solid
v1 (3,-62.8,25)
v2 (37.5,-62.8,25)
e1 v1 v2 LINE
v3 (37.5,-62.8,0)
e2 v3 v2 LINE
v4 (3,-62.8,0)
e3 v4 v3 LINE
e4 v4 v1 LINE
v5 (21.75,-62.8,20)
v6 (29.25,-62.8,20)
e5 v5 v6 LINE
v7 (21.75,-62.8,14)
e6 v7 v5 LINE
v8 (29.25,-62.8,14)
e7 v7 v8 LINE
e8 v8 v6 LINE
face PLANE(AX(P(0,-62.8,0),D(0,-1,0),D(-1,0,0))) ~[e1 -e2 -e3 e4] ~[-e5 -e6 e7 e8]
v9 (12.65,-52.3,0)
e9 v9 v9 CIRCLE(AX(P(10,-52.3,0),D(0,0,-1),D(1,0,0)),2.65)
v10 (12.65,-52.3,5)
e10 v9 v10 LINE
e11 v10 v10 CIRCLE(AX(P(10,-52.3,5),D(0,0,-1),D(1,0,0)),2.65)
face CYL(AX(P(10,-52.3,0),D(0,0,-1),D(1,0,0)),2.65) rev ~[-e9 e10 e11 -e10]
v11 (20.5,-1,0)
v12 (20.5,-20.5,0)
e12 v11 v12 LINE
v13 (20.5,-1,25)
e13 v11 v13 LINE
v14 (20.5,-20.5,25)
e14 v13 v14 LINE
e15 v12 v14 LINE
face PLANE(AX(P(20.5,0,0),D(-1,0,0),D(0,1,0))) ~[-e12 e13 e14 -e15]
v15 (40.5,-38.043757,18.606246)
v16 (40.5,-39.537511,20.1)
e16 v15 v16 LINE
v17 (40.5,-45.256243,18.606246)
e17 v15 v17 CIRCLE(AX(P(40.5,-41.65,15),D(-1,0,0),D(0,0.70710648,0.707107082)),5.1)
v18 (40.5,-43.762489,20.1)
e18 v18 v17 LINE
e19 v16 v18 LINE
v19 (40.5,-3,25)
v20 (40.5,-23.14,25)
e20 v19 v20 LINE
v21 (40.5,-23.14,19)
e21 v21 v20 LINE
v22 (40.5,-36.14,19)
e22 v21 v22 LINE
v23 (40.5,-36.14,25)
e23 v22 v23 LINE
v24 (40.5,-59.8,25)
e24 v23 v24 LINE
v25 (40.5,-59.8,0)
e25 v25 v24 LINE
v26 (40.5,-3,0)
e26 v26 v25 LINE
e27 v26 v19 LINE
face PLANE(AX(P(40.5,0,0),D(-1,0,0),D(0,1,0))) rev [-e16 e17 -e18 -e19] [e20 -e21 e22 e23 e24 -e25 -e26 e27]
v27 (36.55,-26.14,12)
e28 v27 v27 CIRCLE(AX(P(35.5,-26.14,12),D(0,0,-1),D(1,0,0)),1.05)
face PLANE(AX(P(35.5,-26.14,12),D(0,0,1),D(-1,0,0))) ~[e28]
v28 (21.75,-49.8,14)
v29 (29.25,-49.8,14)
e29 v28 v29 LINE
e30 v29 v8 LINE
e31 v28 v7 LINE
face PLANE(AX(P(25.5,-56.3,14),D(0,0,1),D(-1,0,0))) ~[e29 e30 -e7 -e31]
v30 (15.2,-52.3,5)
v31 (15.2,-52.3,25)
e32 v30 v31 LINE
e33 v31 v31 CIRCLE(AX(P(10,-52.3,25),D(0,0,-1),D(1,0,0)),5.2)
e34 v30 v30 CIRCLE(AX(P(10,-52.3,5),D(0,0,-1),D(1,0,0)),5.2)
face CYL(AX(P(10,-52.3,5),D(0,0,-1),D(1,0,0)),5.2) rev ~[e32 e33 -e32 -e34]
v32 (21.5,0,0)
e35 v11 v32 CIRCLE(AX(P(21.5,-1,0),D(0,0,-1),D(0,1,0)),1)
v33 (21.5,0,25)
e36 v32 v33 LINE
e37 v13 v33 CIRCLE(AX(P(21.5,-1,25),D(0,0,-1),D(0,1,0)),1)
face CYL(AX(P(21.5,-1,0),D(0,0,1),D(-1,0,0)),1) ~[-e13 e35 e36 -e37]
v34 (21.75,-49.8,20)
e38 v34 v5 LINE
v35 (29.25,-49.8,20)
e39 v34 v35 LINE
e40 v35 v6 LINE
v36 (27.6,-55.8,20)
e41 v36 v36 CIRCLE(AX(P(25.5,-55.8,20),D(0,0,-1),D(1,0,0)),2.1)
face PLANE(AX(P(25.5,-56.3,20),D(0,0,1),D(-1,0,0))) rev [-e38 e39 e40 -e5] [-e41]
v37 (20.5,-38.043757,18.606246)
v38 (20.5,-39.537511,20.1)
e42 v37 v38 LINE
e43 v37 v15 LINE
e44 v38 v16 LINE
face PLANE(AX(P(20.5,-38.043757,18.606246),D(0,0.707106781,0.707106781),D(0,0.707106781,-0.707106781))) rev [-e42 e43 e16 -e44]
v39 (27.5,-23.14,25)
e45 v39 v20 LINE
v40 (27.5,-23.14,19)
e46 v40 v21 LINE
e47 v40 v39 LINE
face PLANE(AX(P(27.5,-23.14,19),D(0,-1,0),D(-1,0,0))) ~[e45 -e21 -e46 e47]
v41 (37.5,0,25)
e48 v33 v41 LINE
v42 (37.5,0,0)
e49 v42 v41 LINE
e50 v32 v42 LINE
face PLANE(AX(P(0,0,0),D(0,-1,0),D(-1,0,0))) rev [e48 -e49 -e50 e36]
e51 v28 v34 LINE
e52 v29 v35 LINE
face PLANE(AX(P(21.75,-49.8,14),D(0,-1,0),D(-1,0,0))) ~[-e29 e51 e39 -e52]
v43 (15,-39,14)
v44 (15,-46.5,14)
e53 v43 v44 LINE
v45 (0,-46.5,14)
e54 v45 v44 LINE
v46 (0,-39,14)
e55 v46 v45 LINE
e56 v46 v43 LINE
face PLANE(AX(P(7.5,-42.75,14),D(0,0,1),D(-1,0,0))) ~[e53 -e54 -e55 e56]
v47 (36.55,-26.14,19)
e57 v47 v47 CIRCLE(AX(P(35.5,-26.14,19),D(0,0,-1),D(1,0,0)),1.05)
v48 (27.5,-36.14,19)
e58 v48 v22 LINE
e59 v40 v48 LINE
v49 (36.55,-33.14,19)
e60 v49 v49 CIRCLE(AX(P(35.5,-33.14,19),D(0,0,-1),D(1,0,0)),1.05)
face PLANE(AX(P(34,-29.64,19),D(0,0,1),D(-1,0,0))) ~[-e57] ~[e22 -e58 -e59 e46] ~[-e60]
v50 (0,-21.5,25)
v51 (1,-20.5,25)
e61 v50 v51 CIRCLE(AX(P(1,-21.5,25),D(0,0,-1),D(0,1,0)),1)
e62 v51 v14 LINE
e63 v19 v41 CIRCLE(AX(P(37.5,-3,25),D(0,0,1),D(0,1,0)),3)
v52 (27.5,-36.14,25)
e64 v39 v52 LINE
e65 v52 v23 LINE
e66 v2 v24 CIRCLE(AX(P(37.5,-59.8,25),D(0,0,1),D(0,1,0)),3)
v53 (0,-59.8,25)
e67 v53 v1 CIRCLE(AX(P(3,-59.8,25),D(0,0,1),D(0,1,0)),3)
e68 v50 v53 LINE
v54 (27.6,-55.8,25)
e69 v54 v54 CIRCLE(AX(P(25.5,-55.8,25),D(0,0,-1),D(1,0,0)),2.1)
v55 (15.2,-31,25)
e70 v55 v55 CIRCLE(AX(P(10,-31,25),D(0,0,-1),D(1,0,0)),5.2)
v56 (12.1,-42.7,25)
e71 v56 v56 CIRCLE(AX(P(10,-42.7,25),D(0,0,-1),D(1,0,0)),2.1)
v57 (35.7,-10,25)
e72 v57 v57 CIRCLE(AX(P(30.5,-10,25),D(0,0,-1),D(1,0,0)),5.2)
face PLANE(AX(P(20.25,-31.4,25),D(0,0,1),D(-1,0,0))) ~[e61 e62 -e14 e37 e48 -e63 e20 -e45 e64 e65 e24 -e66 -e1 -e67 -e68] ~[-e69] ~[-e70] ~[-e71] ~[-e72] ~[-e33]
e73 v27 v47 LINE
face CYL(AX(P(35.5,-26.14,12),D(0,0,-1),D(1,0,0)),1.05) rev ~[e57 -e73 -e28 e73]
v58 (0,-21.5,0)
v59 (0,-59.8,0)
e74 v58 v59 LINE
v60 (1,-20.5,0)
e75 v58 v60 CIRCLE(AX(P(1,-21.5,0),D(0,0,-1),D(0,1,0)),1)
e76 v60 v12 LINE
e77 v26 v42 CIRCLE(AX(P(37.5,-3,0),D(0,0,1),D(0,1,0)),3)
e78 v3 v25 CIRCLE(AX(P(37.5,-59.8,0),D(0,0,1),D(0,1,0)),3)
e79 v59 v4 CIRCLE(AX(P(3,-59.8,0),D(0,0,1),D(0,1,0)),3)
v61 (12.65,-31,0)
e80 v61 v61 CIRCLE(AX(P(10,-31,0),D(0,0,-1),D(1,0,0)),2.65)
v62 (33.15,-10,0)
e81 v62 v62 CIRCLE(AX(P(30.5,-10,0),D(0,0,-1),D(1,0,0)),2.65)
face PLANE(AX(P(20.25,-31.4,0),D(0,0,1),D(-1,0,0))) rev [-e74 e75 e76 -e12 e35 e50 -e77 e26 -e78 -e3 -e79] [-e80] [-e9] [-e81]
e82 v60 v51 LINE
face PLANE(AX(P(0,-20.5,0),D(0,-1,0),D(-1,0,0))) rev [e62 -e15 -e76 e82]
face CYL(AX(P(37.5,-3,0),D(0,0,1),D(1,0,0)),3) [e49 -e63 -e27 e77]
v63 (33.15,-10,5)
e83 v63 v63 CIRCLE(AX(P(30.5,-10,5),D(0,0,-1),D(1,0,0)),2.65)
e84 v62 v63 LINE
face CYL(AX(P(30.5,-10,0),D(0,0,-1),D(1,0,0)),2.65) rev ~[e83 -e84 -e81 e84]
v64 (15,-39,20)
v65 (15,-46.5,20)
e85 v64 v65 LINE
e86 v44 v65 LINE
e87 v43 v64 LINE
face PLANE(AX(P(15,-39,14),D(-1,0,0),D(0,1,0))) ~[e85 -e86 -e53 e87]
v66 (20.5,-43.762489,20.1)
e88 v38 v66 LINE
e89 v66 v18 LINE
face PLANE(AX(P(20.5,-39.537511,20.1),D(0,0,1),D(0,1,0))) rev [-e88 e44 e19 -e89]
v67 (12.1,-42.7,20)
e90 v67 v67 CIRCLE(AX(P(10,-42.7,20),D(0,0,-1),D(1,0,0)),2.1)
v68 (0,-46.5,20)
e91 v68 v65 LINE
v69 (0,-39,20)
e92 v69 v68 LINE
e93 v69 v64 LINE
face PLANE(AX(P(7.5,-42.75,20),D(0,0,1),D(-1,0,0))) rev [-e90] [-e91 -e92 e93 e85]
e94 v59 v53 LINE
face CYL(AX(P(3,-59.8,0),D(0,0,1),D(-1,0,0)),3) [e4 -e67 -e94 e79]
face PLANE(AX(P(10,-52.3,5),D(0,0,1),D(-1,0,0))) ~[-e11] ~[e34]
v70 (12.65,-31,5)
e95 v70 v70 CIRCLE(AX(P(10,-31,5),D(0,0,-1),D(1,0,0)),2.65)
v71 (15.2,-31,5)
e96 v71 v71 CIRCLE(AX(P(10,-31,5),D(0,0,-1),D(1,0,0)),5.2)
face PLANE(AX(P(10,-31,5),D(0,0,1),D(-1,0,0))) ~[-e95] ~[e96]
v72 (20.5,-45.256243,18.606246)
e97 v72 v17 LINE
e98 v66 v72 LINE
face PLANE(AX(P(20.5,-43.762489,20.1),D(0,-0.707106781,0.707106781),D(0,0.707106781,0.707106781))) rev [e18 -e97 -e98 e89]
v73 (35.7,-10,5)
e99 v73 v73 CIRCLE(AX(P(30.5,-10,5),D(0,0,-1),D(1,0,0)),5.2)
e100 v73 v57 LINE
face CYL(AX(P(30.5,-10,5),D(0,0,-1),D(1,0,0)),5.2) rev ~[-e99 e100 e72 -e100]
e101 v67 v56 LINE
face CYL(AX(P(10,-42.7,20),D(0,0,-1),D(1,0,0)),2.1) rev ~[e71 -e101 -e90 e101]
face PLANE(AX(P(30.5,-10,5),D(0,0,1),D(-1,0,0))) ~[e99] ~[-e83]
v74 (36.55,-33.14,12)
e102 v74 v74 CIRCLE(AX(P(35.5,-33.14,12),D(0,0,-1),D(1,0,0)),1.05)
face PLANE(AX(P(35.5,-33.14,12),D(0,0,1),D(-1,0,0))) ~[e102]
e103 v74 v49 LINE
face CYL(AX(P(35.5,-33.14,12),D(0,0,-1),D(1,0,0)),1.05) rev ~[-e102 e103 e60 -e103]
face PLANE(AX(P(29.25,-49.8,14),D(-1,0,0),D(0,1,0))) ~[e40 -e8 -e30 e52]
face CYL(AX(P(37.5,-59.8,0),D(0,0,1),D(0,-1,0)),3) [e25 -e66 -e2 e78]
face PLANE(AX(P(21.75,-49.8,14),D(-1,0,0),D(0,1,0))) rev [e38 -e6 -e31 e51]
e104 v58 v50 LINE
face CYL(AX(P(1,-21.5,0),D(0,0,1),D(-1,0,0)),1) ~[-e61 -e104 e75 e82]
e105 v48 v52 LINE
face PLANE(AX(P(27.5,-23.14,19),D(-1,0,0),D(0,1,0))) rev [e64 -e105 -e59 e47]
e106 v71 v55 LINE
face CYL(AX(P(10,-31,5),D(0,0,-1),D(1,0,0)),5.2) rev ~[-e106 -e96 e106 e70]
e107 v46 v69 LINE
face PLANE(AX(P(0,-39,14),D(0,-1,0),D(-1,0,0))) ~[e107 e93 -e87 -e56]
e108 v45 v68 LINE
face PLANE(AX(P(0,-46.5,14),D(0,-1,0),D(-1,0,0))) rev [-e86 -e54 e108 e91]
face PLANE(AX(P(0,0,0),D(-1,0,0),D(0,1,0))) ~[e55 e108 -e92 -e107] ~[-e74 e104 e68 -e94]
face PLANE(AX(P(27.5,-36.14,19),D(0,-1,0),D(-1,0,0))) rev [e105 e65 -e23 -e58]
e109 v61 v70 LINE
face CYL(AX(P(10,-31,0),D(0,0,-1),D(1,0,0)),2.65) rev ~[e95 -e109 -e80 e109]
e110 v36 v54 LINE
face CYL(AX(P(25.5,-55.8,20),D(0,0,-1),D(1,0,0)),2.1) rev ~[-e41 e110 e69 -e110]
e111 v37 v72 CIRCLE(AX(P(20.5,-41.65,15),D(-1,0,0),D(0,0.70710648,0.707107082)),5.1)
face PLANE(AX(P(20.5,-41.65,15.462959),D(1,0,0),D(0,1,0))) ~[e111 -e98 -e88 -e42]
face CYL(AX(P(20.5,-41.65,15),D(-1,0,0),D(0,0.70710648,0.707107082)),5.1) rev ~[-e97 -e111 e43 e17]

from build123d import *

# Parameters (mm, degrees)
EXTRUDE_DEPTH     = 20
BOX003_W          = 15
BOX003_H          = 7.5
BOX003_DEPTH      = 6
CYLINDER003_R     = 2.1
CYLINDER003_DEPTH = 5
CYLINDER002_R     = 1.05
CYLINDER002_DEPTH = 7
BOX002_W          = 13
BOX002_H          = 13
BOX002_DEPTH      = 6
CYLINDER001_R     = 2.65
CYLINDER001_DEPTH = 5
CYLINDER_R        = 5.2
CYLINDER_DEPTH    = 20
BOX001_W          = 20.5
BOX001_H          = 20.5
BOX001_DEPTH      = 25
BOX004_W          = 7.5
BOX004_H          = 13
BOX004_DEPTH      = 6
BOX_W             = 40.5
BOX_H             = 62.8
BOX_DEPTH         = 25
FILLET_1_R        = 3
FILLET_2_R        = 1


with BuildPart() as m10_repraphole_extrud:
    # Sketch → Extrude (new body)
    with BuildSketch(Plane.YZ):
        with BuildLine():
            ThreePointArc((-3.606243, 3.606246), (0, -5.1), (3.606243, 3.606246))
            Line((2.112489, 5.1), (3.606243, 3.606246))
            Line((-2.112489, 5.1), (2.112489, 5.1))
            Line((-3.606243, 3.606246), (-2.112489, 5.1))
        make_face()
    extrude(amount=EXTRUDE_DEPTH)


with BuildPart() as m10_repraphole_extrud_1:
    # Extrude placement: moved
    add(m10_repraphole_extrud.part.moved(Location((20.5, 41.65, 15))))


with BuildPart() as hueco_taladro4:
    # Box003 → Box003 (new body)
    with BuildSketch(Plane(origin=(0, 39, 14), x_dir=(1, 0, 0), z_dir=(0, 0, 1))):
        with Locations((7.5, 3.75)):
            Rectangle(BOX003_W, BOX003_H)
    extrude(amount=BOX003_DEPTH)


with BuildPart() as taladro4:
    # Cylinder003 → Cylinder003 (new body)
    with BuildSketch(Plane(origin=(10, 42.7, 20), x_dir=(1, 0, 0), z_dir=(0, 0, 1))):
        Circle(CYLINDER003_R)
    extrude(amount=CYLINDER003_DEPTH)


with BuildPart() as clone005:
    # Clone005 base: copy of taladro4
    add(taladro4.part)


with BuildPart() as clone005_1:
    # Clone005 placement: moved
    add(clone005.part.moved(Location((15.5, 13.1, 0))))


with BuildPart() as taladro_endstop:
    # Cylinder002 → Cylinder002 (new body)
    with BuildSketch(Plane(origin=(35.5, 26.14, 12), x_dir=(1, 0, 0), z_dir=(0, 0, 1))):
        Circle(CYLINDER002_R)
    extrude(amount=CYLINDER002_DEPTH)


with BuildPart() as clone004:
    # Clone004 base: copy of taladro_endstop
    add(taladro_endstop.part)


with BuildPart() as clone004_1:
    # Clone004 placement: moved
    add(clone004.part.moved(Location((0, 7, 0))))


with BuildPart() as hueco_endstop:
    # Box002 → Box002 (new body)
    with BuildSketch(Plane(origin=(27.5, 23.14, 19), x_dir=(1, 0, 0), z_dir=(0, 0, 1))):
        with Locations((6.5, 6.5)):
            Rectangle(BOX002_W, BOX002_H)
    extrude(amount=BOX002_DEPTH)


with BuildPart() as taladro5:
    # Cylinder001 → Cylinder001 (new body)
    with BuildSketch(Plane(origin=(30.5, 10, 0), x_dir=(1, 0, 0), z_dir=(0, 0, 1))):
        Circle(CYLINDER001_R)
    extrude(amount=CYLINDER001_DEPTH)


with BuildPart() as clone002:
    # Clone002 base: copy of taladro5
    add(taladro5.part)


with BuildPart() as clone002_1:
    # Clone002 placement: moved
    add(clone002.part.moved(Location((-20.5, 21, 0))))


with BuildPart() as clone003:
    # Clone003 base: copy of Clone002
    add(clone002_1.part)


with BuildPart() as clone003_1:
    # Clone003 placement: moved
    add(clone003.part.moved(Location((0, 21.3, 0))))


with BuildPart() as taladro10:
    # Cylinder → Cylinder (new body)
    with BuildSketch(Plane(origin=(30.5, 10, 5), x_dir=(1, 0, 0), z_dir=(0, 0, 1))):
        Circle(CYLINDER_R)
    extrude(amount=CYLINDER_DEPTH)


with BuildPart() as clone:
    # Clone base: copy of taladro10
    add(taladro10.part)


with BuildPart() as clone_1:
    # Clone placement: moved
    add(clone.part.moved(Location((-20.5, 21, 0))))


with BuildPart() as clone001:
    # Clone001 base: copy of Clone
    add(clone_1.part)


with BuildPart() as clone001_1:
    # Clone001 placement: moved
    add(clone001.part.moved(Location((0, 21.3, 0))))


with BuildPart() as hueco_ejez:
    # Box001 → Box001 (new body)
    with BuildSketch(Plane.XY):
        with Locations((10.25, 10.25)):
            Rectangle(BOX001_W, BOX001_H)
    extrude(amount=BOX001_DEPTH)


with BuildPart() as huecos:
    # Box004 → Box004 (new body)
    with BuildSketch(Plane(origin=(21.75, 49.8, 14), x_dir=(1, 0, 0), z_dir=(0, 0, 1))):
        with Locations((3.75, 6.5)):
            Rectangle(BOX004_W, BOX004_H)
    extrude(amount=BOX004_DEPTH)

    # Fusion: union hueco_taladro4, Clone005, taladro4, Clone004, taladro_endstop, hueco_endstop, Clone003, Clone002, taladro5, Clone001, Clone, taladro10, hueco_ejez
    add(hueco_taladro4.part)
    add(clone005_1.part)
    add(taladro4.part)
    add(clone004_1.part)
    add(taladro_endstop.part)
    add(hueco_endstop.part)
    add(clone003_1.part)
    add(clone002_1.part)
    add(taladro5.part)
    add(clone001_1.part)
    add(clone_1.part)
    add(taladro10.part)
    add(hueco_ejez.part)


with BuildPart() as yidler_right:
    # Box → Box (new body)
    with BuildSketch(Plane.XY):
        with Locations((20.25, 31.4)):
            Rectangle(BOX_W, BOX_H)
    extrude(amount=BOX_DEPTH)

    # Cut: cut huecos
    add(huecos.part, mode=Mode.SUBTRACT)

    # Cut001: cut M10_repraphole_extrud
    add(m10_repraphole_extrud_1.part, mode=Mode.SUBTRACT)

    # Fillet 1
    fillet_1_edges = [yidler_right.edges().sort_by_distance(p)[0] for p in [
        (0, 62.8, 12.5),
        (40.5, 62.8, 12.5),
        (40.5, 0, 12.5),
    ]]
    fillet(fillet_1_edges, radius=FILLET_1_R)

    # Fillet 2
    fillet_2_edges = [yidler_right.edges().sort_by_distance(p)[0] for p in [
        (0, 20.5, 12.5),
        (20.5, 0, 12.5),
    ]]
    fillet(fillet_2_edges, radius=FILLET_2_R)


with BuildPart() as yidler_left:
    # Part__Mirroring: instance of Yidler_right
    add(yidler_right.part.mirror(Plane(origin=(0, 0, 0), x_dir=(1, 0, 0), z_dir=(0, 1, 0))))


solid = yidler_left.part
